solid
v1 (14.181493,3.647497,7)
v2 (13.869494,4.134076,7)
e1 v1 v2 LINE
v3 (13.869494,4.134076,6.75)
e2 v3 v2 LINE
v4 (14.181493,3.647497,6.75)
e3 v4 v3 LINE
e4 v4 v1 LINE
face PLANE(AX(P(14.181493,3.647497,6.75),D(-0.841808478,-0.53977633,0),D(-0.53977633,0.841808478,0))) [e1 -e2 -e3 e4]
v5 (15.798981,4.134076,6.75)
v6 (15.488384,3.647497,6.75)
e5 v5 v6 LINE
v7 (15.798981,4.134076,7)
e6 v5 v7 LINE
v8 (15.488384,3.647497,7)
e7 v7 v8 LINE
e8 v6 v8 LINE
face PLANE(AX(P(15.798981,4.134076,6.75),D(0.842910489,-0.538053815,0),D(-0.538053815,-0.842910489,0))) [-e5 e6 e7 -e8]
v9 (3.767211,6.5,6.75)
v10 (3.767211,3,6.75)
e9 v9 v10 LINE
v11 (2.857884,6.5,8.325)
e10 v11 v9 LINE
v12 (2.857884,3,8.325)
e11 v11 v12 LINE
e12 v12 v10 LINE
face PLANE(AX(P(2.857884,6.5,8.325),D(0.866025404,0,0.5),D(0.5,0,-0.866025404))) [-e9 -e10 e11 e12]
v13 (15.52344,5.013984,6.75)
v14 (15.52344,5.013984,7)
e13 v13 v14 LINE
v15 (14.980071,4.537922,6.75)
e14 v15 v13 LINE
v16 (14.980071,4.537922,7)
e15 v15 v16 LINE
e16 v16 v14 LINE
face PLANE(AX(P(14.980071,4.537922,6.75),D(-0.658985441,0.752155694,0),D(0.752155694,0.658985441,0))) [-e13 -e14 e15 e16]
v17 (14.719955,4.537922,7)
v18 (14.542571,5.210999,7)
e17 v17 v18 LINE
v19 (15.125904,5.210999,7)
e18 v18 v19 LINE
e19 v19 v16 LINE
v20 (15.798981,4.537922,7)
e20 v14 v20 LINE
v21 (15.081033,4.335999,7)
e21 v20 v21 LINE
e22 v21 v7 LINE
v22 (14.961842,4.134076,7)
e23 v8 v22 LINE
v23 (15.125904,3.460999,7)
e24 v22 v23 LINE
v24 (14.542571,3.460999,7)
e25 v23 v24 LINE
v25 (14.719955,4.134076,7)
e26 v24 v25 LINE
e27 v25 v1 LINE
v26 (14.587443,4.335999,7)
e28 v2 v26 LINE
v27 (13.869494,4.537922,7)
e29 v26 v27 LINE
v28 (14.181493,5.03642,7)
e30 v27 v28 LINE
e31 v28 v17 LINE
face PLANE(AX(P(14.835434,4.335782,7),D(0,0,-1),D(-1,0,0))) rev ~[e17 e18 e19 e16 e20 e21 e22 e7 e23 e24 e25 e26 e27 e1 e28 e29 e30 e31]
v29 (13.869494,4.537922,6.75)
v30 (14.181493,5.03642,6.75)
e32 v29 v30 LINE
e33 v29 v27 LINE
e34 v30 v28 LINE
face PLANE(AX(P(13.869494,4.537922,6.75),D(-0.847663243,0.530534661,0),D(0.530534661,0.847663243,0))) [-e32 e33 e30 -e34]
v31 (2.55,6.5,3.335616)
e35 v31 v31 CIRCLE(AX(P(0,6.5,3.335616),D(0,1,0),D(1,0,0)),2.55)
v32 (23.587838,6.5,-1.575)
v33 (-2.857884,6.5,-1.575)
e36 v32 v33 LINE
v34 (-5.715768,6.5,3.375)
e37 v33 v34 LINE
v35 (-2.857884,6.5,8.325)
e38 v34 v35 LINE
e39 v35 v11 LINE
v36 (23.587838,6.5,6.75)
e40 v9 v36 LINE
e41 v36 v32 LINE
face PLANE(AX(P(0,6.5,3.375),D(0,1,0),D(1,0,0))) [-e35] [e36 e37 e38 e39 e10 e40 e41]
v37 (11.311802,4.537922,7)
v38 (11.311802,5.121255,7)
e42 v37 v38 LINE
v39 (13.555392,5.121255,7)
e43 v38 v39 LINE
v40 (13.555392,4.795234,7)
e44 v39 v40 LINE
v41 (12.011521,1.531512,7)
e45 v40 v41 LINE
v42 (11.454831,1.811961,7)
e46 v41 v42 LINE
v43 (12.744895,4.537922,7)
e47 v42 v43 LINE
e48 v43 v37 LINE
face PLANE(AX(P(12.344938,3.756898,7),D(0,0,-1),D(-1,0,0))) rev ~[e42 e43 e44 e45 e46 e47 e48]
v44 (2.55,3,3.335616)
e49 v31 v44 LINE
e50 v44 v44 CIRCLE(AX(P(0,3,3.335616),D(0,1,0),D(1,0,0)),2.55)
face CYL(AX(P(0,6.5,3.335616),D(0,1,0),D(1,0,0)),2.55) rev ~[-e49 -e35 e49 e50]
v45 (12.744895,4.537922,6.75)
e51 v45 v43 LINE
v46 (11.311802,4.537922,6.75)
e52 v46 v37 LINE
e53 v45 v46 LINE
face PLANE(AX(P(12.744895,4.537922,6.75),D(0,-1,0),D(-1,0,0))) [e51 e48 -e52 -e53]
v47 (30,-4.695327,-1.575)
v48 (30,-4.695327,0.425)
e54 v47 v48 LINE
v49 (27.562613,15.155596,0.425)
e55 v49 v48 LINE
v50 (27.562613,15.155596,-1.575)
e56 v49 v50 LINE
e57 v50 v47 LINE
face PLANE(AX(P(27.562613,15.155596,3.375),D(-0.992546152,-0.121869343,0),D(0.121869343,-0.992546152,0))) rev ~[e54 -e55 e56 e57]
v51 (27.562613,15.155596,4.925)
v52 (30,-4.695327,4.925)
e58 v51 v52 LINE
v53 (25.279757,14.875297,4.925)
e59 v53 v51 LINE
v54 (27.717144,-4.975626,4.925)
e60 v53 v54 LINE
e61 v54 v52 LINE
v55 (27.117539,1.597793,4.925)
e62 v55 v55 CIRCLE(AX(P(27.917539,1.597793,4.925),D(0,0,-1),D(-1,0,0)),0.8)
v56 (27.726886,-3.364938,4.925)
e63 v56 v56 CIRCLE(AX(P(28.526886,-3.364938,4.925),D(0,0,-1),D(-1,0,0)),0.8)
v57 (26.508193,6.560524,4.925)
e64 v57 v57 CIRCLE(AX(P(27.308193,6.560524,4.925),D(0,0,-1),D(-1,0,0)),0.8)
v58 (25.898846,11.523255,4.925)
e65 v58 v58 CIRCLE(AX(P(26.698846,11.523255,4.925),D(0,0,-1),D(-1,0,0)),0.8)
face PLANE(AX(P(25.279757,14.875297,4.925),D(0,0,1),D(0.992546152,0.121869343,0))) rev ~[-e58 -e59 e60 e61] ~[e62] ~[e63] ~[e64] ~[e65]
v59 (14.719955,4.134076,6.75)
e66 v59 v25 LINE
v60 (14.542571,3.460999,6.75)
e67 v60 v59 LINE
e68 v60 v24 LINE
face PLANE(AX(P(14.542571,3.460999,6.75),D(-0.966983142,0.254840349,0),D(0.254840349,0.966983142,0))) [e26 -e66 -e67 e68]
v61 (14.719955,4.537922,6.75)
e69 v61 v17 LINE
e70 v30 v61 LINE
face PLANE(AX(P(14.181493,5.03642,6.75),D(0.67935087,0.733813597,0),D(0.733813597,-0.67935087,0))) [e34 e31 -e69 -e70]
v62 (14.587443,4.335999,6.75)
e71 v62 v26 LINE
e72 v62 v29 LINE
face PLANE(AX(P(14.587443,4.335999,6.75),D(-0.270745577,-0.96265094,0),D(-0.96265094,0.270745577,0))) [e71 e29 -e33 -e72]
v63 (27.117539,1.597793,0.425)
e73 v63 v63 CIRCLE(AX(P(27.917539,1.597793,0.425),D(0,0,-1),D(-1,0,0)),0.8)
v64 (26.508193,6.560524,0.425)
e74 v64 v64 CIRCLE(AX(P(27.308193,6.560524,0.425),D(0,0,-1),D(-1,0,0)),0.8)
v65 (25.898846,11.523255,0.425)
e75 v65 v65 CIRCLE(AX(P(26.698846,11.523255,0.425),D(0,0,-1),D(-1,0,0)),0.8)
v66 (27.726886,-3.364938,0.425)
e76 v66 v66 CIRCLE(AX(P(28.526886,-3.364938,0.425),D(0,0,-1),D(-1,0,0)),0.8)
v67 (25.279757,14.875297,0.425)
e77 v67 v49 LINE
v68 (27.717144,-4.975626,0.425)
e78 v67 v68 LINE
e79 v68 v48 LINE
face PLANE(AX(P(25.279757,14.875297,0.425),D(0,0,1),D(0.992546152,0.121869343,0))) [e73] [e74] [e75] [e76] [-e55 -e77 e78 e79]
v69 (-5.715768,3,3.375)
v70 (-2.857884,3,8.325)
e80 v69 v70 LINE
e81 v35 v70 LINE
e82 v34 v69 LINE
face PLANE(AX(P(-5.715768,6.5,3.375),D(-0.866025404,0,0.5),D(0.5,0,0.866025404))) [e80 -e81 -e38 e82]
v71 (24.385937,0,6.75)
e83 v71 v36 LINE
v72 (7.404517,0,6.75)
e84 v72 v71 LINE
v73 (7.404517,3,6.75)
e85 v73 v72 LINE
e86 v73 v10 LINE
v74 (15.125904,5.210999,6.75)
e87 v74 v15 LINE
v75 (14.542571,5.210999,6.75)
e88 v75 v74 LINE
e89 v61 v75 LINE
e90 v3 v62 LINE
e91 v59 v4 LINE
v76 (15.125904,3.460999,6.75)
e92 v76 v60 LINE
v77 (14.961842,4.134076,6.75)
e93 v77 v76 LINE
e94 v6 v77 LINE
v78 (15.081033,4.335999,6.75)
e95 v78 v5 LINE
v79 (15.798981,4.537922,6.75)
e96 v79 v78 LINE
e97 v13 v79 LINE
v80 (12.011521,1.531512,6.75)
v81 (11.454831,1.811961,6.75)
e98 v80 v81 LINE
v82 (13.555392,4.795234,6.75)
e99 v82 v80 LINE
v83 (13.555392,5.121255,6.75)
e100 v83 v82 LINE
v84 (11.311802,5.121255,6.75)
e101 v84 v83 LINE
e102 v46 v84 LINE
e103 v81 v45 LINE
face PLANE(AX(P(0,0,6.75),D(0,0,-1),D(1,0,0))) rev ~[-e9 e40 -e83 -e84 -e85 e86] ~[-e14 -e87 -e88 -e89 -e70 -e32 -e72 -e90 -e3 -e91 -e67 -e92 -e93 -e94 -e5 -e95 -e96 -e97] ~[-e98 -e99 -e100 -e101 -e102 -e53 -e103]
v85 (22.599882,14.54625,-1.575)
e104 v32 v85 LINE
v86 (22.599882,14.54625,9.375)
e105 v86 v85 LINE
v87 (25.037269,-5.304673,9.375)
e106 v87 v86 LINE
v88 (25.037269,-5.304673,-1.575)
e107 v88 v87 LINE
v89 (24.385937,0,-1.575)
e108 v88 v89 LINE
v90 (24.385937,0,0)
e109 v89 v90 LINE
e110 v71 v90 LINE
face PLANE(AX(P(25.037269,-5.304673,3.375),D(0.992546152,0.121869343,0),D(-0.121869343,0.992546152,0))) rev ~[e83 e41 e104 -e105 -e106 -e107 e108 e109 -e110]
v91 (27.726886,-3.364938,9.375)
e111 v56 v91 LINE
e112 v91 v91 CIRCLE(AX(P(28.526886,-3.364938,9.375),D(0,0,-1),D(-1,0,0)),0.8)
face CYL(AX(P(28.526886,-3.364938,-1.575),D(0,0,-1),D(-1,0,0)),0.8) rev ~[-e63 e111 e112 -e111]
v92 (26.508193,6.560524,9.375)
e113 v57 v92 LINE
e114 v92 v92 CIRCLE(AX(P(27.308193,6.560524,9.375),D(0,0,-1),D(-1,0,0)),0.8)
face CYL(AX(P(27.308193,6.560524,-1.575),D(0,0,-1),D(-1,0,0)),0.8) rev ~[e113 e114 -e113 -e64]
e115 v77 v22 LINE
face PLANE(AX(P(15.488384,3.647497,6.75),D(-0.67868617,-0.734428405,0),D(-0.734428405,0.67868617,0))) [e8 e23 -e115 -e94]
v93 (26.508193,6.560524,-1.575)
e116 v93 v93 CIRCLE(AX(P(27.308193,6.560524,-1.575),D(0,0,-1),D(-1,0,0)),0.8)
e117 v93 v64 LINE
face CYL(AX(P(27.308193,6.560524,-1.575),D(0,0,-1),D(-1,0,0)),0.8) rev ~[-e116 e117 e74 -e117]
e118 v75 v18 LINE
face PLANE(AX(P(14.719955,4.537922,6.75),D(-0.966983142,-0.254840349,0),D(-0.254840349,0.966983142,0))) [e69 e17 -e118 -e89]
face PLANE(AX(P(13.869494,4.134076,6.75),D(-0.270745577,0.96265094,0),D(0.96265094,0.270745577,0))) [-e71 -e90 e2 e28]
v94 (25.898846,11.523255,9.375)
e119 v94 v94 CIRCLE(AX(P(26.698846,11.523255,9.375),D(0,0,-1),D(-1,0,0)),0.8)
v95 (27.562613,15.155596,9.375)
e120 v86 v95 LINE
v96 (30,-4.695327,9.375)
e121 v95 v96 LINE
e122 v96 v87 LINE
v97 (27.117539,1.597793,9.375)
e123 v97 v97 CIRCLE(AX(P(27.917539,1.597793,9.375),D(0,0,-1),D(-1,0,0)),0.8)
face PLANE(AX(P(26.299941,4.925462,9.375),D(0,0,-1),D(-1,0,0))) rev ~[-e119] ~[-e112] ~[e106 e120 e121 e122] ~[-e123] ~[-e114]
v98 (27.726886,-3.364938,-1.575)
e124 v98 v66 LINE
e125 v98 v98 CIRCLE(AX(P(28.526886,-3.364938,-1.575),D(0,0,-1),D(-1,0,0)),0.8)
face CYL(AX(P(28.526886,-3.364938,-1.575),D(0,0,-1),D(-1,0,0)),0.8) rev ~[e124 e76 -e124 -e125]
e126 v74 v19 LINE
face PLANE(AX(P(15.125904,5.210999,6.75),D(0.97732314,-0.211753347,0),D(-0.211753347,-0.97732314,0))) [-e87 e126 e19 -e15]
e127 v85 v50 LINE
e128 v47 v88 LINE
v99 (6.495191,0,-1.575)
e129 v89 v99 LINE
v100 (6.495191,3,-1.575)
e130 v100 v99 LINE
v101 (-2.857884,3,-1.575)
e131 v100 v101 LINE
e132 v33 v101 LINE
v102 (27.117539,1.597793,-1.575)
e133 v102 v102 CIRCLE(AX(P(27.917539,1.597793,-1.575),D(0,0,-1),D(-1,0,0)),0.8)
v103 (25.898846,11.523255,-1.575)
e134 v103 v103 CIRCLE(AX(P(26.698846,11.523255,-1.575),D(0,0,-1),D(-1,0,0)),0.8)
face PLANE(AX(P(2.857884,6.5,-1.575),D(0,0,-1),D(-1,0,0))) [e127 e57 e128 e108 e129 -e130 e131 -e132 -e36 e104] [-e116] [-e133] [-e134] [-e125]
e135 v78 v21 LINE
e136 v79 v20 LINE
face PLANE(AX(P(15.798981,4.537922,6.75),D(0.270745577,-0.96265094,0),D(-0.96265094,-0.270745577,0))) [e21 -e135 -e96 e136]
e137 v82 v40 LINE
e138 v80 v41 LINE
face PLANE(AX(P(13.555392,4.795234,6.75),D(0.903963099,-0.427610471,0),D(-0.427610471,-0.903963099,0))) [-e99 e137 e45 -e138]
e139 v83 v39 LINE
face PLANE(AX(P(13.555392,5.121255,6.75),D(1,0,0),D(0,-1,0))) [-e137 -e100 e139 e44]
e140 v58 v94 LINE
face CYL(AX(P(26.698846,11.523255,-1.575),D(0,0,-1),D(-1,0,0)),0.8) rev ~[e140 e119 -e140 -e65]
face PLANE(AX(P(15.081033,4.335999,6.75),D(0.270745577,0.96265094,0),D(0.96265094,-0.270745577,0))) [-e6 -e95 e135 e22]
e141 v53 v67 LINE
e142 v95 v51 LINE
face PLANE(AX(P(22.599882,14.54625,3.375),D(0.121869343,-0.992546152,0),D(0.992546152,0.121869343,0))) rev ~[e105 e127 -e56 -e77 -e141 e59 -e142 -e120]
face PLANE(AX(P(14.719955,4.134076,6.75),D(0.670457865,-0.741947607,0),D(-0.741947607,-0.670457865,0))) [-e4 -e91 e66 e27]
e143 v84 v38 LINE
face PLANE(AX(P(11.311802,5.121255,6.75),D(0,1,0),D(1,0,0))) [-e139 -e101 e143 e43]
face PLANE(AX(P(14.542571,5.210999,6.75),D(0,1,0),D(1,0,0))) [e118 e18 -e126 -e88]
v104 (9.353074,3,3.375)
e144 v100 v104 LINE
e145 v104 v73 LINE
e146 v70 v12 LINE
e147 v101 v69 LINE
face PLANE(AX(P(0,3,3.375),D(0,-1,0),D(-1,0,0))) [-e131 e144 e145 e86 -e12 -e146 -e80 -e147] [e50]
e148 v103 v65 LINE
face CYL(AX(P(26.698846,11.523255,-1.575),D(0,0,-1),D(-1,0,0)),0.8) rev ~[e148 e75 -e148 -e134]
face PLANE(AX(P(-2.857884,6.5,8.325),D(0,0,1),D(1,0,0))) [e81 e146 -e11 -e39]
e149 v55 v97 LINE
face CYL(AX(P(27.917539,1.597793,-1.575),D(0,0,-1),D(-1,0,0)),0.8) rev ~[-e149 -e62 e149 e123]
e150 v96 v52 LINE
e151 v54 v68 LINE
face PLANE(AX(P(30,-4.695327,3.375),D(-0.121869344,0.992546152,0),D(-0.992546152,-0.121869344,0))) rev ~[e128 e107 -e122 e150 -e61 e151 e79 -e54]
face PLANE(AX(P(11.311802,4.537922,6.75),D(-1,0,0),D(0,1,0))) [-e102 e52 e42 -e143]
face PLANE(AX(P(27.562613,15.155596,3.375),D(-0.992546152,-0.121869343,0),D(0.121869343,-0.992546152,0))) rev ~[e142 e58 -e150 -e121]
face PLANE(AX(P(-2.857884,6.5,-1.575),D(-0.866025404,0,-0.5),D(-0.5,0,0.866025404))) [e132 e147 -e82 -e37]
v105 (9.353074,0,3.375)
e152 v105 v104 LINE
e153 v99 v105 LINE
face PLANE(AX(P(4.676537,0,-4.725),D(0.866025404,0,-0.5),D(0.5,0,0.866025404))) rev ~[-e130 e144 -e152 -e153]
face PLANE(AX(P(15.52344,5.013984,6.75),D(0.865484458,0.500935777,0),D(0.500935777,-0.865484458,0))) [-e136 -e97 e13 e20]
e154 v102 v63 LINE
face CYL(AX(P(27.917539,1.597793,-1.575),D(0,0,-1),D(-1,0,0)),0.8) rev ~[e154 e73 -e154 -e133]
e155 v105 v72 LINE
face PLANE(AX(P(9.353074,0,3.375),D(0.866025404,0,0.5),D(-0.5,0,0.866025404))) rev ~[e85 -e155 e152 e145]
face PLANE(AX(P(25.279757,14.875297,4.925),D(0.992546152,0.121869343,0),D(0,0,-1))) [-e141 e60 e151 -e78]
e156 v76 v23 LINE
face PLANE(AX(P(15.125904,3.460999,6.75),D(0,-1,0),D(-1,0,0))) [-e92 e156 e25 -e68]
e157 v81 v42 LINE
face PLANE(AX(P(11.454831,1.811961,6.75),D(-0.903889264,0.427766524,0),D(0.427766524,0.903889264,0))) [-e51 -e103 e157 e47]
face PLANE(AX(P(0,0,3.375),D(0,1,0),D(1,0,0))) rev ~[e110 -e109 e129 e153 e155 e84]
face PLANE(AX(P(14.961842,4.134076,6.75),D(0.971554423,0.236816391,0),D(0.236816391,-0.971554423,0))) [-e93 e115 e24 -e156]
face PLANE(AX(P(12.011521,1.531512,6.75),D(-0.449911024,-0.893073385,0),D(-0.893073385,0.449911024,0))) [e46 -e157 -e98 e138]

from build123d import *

# Parameters (mm, degrees)
SKETCH1_W                = 25
SKETCH1_H                = 6.75
BOSS_EXTRUDE1_DEPTH      = 6.5
BOSS_EXTRUDE4_DEPTH      = 6.5
BOSS_EXTRUDE3_DEPTH      = 6
BOSS_EXTRUDE3_DEPTH_BACK = 4.95
SKETCH4_W                = 2.3
SKETCH4_H                = 4.5
CUT_EXTRUDE1_DEPTH       = 23
SKETCH6_R                = 2.55
CUT_EXTRUDE2_DEPTH       = 10
BOSS_EXTRUDE5_DEPTH      = 1.575
CUT_EXTRUDE3_DEPTH       = 3
SKETCH9_R                = 0.8
CUT_EXTRUDE4_DEPTH       = 10.95
BOSS_EXTRUDE6_DEPTH      = 0.25


with BuildPart() as part:
    # Sketch1 → Boss-Extrude1 (new body)
    with BuildSketch(Plane(origin=(0, 0, 0), x_dir=(1, 0, 0), z_dir=(0, 1, 0))):
        with Locations((12.5, -3.375)):
            Rectangle(SKETCH1_W, SKETCH1_H)
    extrude(amount=BOSS_EXTRUDE1_DEPTH)

    # Sketch5 → Boss-Extrude4 (add)
    with BuildSketch(Plane(origin=(0, 6.5, 0), x_dir=(1, 0, 0), z_dir=(0, 1, 0))):
        Polygon((-5.715767665, -3.375), (-2.857883832, -8.325), (2.857883832, -8.325), (5.715767665, -3.375), (2.857883832, 1.575), (-2.857883832, 1.575), align=None)
    extrude(amount=-BOSS_EXTRUDE4_DEPTH)

    # Sketch3 → Boss-Extrude3 (add, two sides)
    with BuildSketch(Plane.XY.offset(3.375)) as boss_extrude3_sk:
        Polygon((22.599882374, 14.546249674), (27.562613132, 15.155596391), (30, -4.695326641), (25.037269242, -5.304673359), align=None)
    extrude(amount=BOSS_EXTRUDE3_DEPTH)
    extrude(boss_extrude3_sk.sketch, amount=-BOSS_EXTRUDE3_DEPTH_BACK)

    # Sketch4 → Cut-Extrude1 (cut)
    with BuildSketch(Plane(origin=(-1.423871601, 11.596503591, 0), x_dir=(0.992546152, 0.121869343, 0), z_dir=(-0.121869343, 0.992546152, 0))):
        with Locations((28.054168174, -2.675)):
            Rectangle(SKETCH4_W, SKETCH4_H)
    extrude(amount=-CUT_EXTRUDE1_DEPTH, mode=Mode.SUBTRACT)

    # Sketch6 → Cut-Extrude2 (cut)
    with BuildSketch(Plane(origin=(0, 6.5, 0), x_dir=(1, 0, 0), z_dir=(0, 1, 0))):
        with Locations((0, -3.335615973)):
            Circle(SKETCH6_R)
    extrude(amount=-CUT_EXTRUDE2_DEPTH, mode=Mode.SUBTRACT)

    # Sketch7 → Boss-Extrude5 (add)
    with BuildSketch(Plane(origin=(0, 0, -1.575), x_dir=(-1, 0, 0), z_dir=(0, 0, -1))):
        Polygon((-2.857883832, 0), (-24.385937253, 0), (-25.037269242, -5.304673359), (-30, -4.695326641), (-27.562613132, 15.155596391), (-22.599882374, 14.546249674), (-23.587837607, 6.5), (-2.857883832, 6.5), align=None)
    extrude(amount=-BOSS_EXTRUDE5_DEPTH)

    # Sketch8 → Cut-Extrude3 (cut)
    with BuildSketch(Plane(origin=(0, 0, 0), x_dir=(-1, 0, 0), z_dir=(0, -1, 0))):
        Polygon((-4.67653718, -11.475), (4.67653718, -11.475), (9.353074361, -3.375), (4.67653718, 4.725), (-4.67653718, 4.725), (-9.353074361, -3.375), align=None)
    extrude(amount=-CUT_EXTRUDE3_DEPTH, mode=Mode.SUBTRACT)

    # Sketch9 → Cut-Extrude4 (cut)
    with BuildSketch(Plane(origin=(0, 0, -1.575), x_dir=(-1, 0, 0), z_dir=(0, 0, -1))):
        with Locations((-28.526885988, -3.36493756)):
            Circle(SKETCH9_R)
        with Locations((-27.917539271, 1.597793198)):
            Circle(SKETCH9_R)
        with Locations((-27.308192554, 6.560523956)):
            Circle(SKETCH9_R)
        with Locations((-26.698845837, 11.523254714)):
            Circle(SKETCH9_R)
    extrude(amount=-CUT_EXTRUDE4_DEPTH, mode=Mode.SUBTRACT)

    # Sketch10 → Boss-Extrude6 (add)
    with BuildSketch(Plane.XY.offset(6.75)):
        Polygon((11.311801843, 5.121255448), (13.555391587, 5.121255448), (13.555391587, 4.795233814), (12.011521395, 1.531511859), (11.454830689, 1.811960577), (12.744894792, 4.537922115), (11.311801843, 4.537922115), align=None)
        Polygon((14.542571074, 5.210999038), (15.125904407, 5.210999038), (14.980071074, 4.537922115), (15.523440465, 5.013983814), (15.798981331, 4.537922115), (15.081032613, 4.335999038), (15.798981331, 4.134075961), (15.488384375, 3.647497435), (14.961841907, 4.134075961), (15.125904407, 3.460999038), (14.542571074, 3.460999038), (14.719954888, 4.134075961), (14.18149335, 3.647497435), (13.869494151, 4.134075961), (14.587442869, 4.335999038), (13.869494151, 4.537922115), (14.18149335, 5.036419711), (14.719954888, 4.537922115), align=None)
    extrude(amount=BOSS_EXTRUDE6_DEPTH)


solid = part.part
